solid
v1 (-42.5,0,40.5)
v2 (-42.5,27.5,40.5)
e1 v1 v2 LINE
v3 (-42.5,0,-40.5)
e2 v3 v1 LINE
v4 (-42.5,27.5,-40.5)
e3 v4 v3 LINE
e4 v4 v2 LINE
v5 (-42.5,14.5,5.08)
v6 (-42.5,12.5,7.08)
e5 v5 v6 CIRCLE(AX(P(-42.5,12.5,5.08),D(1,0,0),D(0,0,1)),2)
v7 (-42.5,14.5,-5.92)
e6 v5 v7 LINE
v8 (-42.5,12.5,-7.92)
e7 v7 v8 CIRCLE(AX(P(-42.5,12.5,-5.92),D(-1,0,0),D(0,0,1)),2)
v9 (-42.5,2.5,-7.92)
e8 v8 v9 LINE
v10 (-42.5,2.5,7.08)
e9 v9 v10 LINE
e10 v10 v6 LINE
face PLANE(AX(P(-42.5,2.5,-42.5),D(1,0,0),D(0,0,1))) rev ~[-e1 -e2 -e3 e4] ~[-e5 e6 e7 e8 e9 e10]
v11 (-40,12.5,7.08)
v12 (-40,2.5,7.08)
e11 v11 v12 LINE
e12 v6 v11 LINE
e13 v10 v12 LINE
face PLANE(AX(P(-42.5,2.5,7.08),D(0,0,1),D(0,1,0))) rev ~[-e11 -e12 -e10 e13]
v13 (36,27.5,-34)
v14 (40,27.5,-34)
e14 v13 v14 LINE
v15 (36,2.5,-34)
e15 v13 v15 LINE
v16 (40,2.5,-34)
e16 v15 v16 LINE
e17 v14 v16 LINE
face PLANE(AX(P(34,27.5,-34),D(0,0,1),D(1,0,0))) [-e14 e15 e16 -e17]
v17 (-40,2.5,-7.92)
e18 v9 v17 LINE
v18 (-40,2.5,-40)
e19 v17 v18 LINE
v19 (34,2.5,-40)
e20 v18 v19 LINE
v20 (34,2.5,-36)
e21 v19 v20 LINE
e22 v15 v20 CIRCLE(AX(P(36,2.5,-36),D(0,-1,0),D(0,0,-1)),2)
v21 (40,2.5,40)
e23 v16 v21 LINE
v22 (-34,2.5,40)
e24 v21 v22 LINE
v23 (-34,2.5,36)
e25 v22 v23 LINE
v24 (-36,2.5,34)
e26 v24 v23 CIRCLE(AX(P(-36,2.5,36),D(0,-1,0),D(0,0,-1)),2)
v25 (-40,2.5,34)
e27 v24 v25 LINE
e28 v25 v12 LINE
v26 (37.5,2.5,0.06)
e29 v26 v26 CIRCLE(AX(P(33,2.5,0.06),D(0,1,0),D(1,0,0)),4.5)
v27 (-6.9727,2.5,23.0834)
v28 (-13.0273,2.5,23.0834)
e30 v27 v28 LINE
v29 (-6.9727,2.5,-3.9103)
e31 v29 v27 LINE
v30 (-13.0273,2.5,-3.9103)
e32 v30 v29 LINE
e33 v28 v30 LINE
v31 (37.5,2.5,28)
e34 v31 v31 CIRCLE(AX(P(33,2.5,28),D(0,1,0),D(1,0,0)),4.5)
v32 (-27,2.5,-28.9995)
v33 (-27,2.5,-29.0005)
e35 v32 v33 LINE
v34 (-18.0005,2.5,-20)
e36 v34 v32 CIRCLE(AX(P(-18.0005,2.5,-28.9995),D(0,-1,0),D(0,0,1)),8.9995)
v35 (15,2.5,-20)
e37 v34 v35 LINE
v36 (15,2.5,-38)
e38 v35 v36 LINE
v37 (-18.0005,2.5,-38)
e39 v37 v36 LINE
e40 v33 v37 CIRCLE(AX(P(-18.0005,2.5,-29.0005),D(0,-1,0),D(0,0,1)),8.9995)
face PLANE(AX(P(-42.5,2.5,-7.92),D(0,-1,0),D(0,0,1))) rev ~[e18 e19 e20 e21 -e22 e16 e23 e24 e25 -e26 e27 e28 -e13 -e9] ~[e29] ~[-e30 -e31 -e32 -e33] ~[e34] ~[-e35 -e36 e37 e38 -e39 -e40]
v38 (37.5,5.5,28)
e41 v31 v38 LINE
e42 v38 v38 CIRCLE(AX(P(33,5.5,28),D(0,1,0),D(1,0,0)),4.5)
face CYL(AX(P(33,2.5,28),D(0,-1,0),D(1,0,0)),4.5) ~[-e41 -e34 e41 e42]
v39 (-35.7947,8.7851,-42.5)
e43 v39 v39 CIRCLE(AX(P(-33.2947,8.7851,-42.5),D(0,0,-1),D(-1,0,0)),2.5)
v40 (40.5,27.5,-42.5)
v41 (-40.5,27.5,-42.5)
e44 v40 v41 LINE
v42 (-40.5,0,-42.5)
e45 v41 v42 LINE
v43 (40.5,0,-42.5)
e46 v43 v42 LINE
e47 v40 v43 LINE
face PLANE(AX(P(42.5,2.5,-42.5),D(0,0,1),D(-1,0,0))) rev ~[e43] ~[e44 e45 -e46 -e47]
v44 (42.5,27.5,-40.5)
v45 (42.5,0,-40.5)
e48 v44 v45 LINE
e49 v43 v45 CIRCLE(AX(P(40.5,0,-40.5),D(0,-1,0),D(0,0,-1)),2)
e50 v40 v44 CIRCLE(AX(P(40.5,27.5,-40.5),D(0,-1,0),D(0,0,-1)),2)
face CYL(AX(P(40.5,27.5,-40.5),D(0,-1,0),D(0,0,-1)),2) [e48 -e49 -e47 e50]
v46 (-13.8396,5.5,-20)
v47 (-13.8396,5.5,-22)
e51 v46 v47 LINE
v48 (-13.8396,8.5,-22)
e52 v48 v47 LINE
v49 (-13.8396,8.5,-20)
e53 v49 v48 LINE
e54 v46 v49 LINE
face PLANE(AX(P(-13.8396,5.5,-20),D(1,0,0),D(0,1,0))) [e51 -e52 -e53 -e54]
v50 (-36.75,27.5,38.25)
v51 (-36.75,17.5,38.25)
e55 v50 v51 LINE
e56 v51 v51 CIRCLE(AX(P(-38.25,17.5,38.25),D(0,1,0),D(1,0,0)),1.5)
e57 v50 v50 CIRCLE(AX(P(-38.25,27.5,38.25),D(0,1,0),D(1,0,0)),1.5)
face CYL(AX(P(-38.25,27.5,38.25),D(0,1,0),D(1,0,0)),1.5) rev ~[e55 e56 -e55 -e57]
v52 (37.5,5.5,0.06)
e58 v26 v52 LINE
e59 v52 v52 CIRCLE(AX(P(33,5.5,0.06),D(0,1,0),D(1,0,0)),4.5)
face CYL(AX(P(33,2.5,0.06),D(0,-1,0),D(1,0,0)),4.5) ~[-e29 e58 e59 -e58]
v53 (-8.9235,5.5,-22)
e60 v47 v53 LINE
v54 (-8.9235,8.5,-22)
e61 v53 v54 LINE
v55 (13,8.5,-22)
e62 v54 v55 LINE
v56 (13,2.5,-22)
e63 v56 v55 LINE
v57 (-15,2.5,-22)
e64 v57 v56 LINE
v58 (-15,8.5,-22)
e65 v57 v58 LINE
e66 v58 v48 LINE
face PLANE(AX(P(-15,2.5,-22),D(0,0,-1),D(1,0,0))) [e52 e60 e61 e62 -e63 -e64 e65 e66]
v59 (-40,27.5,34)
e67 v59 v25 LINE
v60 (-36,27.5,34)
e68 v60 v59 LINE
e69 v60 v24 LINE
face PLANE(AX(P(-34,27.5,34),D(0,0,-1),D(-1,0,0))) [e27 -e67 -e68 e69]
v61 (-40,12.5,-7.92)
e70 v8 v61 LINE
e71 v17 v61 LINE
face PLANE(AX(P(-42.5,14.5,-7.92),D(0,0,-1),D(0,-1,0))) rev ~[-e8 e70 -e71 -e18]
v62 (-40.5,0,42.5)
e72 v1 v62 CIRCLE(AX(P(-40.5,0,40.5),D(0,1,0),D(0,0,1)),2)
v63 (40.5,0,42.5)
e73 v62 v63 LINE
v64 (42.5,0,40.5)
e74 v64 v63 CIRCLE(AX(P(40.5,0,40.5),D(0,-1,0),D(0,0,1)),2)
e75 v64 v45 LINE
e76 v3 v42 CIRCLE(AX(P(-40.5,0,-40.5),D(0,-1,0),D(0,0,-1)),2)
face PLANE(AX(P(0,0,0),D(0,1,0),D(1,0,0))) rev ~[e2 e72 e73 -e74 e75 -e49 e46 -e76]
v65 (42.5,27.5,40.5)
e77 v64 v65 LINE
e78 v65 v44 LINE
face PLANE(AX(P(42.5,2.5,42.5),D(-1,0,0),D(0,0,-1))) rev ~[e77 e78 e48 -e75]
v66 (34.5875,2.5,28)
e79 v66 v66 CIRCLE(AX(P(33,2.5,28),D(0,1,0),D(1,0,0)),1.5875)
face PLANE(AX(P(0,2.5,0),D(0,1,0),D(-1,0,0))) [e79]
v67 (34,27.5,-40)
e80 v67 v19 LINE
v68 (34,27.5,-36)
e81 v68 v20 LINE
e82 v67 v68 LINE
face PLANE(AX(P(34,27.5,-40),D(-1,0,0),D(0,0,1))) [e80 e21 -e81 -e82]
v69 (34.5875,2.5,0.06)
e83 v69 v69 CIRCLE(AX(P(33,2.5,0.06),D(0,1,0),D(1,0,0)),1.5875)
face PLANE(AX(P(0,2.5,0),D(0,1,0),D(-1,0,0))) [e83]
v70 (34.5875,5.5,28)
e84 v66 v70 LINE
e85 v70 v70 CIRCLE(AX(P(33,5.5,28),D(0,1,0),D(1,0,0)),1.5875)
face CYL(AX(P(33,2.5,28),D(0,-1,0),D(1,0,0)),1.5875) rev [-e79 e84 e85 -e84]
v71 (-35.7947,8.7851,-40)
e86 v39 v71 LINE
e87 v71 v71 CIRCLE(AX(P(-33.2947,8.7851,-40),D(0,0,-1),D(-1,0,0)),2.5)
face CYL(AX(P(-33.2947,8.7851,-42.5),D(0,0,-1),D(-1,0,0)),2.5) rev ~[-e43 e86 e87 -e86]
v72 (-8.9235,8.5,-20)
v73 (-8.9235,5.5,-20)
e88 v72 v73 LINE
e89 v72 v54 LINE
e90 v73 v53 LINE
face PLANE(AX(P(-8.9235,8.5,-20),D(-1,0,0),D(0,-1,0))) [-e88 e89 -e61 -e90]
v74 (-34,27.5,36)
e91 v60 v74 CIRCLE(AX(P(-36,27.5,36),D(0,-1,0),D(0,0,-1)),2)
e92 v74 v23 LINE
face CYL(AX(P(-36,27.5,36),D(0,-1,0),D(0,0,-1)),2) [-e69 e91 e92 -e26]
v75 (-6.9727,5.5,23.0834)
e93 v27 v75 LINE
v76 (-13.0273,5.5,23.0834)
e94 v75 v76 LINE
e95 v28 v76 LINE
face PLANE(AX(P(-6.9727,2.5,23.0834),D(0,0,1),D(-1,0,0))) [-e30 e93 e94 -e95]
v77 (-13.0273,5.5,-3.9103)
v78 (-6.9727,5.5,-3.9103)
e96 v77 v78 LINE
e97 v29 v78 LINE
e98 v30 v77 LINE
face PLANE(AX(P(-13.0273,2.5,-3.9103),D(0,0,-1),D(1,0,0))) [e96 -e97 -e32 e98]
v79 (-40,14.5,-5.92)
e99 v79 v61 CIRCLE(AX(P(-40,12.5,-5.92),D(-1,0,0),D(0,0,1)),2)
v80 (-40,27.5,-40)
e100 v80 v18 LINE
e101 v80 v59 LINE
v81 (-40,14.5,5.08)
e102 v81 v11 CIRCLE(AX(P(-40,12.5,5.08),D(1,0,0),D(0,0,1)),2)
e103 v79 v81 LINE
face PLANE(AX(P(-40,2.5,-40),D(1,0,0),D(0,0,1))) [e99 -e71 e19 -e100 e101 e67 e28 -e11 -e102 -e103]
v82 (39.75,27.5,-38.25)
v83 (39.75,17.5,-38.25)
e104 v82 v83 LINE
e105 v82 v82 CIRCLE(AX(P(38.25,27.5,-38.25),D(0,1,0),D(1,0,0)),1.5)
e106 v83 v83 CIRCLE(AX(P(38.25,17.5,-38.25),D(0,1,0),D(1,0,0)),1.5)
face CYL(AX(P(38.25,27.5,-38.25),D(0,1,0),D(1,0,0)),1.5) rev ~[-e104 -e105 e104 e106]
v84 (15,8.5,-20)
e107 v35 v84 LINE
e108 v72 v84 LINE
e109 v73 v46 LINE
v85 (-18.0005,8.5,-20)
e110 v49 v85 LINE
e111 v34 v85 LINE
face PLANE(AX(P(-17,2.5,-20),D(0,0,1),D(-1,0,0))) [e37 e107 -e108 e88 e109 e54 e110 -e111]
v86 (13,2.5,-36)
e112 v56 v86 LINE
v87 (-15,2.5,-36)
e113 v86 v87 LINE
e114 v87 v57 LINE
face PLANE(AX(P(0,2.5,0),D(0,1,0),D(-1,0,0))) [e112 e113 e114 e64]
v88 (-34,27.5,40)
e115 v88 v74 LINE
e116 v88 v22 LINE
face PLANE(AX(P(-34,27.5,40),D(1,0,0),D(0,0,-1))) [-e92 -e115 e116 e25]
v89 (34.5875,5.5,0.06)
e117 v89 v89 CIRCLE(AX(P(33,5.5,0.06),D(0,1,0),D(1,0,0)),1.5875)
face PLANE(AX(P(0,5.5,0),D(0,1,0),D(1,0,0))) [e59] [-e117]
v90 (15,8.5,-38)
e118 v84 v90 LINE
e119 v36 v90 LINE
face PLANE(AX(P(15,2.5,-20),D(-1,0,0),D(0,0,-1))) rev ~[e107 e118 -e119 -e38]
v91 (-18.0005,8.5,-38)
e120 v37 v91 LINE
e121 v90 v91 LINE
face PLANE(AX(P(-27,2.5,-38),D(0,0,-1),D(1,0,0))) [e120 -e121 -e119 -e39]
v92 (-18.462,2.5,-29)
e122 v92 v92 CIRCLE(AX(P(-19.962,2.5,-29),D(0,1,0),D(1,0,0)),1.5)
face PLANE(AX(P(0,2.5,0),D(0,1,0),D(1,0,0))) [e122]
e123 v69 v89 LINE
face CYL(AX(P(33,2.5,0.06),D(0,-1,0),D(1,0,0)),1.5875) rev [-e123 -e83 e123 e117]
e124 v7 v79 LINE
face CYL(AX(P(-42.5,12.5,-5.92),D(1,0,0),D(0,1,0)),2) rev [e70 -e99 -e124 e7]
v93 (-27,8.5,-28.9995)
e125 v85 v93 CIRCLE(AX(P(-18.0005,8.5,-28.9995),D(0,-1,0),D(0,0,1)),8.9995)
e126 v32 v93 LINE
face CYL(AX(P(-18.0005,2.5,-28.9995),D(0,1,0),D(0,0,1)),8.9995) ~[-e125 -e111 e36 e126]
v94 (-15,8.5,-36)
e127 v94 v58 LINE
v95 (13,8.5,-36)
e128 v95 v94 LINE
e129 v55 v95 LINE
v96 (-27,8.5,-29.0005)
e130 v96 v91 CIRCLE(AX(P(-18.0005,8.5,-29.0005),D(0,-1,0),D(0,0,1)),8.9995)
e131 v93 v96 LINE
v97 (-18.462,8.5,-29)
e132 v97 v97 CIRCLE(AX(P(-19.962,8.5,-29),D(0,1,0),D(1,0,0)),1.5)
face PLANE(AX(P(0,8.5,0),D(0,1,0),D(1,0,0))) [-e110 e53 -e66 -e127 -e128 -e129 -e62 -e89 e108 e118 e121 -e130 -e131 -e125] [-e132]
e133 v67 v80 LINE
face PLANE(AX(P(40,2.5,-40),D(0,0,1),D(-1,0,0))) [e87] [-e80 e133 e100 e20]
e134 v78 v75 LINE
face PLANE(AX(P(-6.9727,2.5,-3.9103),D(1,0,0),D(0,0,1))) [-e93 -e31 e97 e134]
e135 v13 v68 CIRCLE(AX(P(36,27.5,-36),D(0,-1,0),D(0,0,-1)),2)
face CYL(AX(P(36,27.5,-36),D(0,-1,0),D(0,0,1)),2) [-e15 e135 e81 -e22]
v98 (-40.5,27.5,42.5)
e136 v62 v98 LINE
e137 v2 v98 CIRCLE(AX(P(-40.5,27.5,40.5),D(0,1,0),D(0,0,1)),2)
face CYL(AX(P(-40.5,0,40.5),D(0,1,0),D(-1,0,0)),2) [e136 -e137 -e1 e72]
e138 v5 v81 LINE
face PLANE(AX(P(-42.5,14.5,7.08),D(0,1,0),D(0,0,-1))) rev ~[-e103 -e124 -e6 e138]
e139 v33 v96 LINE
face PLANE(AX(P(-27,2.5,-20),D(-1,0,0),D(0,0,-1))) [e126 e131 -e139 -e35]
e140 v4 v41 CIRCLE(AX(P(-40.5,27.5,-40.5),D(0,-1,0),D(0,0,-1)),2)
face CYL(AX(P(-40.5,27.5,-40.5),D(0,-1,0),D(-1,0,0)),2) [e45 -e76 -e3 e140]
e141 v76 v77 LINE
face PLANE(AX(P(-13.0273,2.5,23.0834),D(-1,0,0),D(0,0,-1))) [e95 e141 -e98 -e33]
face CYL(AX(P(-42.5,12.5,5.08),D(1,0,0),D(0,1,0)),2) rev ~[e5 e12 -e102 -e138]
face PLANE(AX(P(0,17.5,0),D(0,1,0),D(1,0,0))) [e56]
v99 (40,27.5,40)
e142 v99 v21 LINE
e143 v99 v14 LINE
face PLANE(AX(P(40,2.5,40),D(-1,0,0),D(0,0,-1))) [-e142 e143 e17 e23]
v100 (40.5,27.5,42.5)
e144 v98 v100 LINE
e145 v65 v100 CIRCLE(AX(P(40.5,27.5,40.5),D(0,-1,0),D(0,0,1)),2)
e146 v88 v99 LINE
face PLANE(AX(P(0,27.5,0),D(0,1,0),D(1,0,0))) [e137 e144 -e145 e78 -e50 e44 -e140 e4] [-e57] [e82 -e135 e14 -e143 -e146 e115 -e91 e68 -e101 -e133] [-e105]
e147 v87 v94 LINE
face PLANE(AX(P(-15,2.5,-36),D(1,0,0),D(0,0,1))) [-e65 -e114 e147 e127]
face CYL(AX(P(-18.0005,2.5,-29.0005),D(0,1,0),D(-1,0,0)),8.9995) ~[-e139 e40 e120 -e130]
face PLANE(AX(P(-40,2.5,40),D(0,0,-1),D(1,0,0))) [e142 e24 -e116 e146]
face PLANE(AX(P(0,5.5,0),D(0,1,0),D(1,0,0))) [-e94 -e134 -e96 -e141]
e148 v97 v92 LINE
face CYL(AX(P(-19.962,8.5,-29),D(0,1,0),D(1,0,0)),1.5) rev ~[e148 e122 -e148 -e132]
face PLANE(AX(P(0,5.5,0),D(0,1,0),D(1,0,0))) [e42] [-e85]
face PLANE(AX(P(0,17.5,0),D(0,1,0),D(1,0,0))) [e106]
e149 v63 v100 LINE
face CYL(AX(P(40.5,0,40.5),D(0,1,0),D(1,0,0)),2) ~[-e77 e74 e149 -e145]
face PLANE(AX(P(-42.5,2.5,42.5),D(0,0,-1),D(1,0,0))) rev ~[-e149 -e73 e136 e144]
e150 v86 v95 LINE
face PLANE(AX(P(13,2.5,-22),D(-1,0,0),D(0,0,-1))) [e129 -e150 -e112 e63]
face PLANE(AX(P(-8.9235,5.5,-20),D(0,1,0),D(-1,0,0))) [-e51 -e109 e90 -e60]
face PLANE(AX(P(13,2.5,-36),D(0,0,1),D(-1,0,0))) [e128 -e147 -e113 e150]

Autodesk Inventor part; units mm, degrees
ref_plane "YZ Plane" through (0, 0, 0) normal (1, 0, 0) x (0, 1, 0)
ref_plane "XZ Plane" through (0, 0, 0) normal (0, 1, 0) x (-1, 0, 0)
ref_plane "XY Plane" through (0, 0, 0) normal (0, 0, 1) x (1, 0, 0)
sketch "Esboço1" plane through (0, 0, 0) normal (0, 1, 0) x (-1, 0, 0)
  line L0 (-40, 40) -> (40, 40)
  line L1 (40, 40) -> (40, -40)
  line L2 (40, -40) -> (-40, -40)
  line L3 (-40, -40) -> (-40, 40)
  line L4 (-40, 40) -> (40, -40) construction
  line L5 (40, 40) -> (-40, -40) construction
  point P0 (0, 0)
  dimension "d0" = 80
  dimension "d1" = 80
extrude "Extrusão1" add sketch "Esboço1" along normal blind 2.5
sketch "Esboço2" plane through (0, 2.5, 0) normal (0, 1, 0) x (1, 0, 0)
  circle A0 centre (33, -28) radius 1.5875
  line L0 (-40, -40) -> (40, -40) projected
  line L1 (40, -40) -> (40, 40) projected
  circle A1 centre (33, -0.06) radius 1.5875
  circle A2 centre (33, -28) radius 4.5
  circle A3 centre (33, -0.06) radius 4.5
  dimension "d4" = 3.175
  dimension "d5" = 12
  dimension "d6" = 7
  dimension "d7" = 3.175
  dimension "d8" = 27.94
  dimension "d9" = 9
  dimension "d10" = 9
extrude "Extrusão2" add sketch "Esboço2" along normal blind 3
sketch "Esboço3" plane through (0, 2.5, 0) normal (0, 1, 0) x (1, 0, 0)
  line L0 (-6.9727, -23.0834) -> (-13.0273, -23.0834)
  line L1 (-13.0273, -23.0834) -> (-13.0273, 3.9103)
  line L2 (-13.0273, 3.9103) -> (-6.9727, 3.9103)
  line L3 (-6.9727, 3.9103) -> (-6.9727, -23.0834)
  line L4 (-6.9727, -23.0834) -> (-13.0273, 3.9103) construction
  line L5 (-13.0273, -23.0834) -> (-6.9727, 3.9103) construction
  line L6 (40, -40) -> (40, 40) projected
  point P0 (0, 0)
  point P1 (-10, -9.5866)
  dimension "d13" = 50
extrude "Extrusão3" add sketch "Esboço3" along normal blind 3
sketch "Esboço4" plane through (0, 2.5, 0) normal (0, 1, 0) x (1, 0, 0)
  line L0 (13, 36) -> (-15, 36)
  line L1 (-15, 36) -> (-15, 22)
  line L2 (-15, 22) -> (13, 22)
  line L3 (13, 22) -> (13, 36)
  line L4 (35.54, 17.72) -> (-33.04, 17.72)
  line L5 (-33.04, 17.72) -> (-33.04, -35.62)
  line L6 (-33.04, -35.62) -> (35.54, -35.62)
  line L7 (35.54, -35.62) -> (35.54, 17.72)
  circle A0 centre (33, -28) radius 1.5875 projected
  line L8 (15, 38) -> (-17, 38)
  line L9 (-17, 38) -> (-17, 20)
  line L10 (-17, 20) -> (15, 20)
  line L11 (15, 20) -> (15, 38)
  line L12 (40, 40) -> (-40, 40) projected
  line L13 (40, -40) -> (40, 40) projected
  point P0 (0, 0)
  dimension "d16" = 28
  dimension "d17" = 14
  dimension "d18" = 68.58
  dimension "d19" = 53.34
  dimension "d20" = 7.62
  dimension "d21" = 2.54
  dimension "d22" = 4
  dimension "d23" = 27
  dimension "d24" = 2
  dimension "d25" = 2
  dimension "d26" = 2
  dimension "d27" = 2
extrude "Extrusão4" add sketch "Esboço4" along normal blind 6 contours L11 L10 L9 L8
sketch "Esboço5" plane through (-17, 2.5, -20) normal (0, 0, 1) x (1, 0, 0)
  line L0 (0, 6) -> (32, 6) projected
  line L1 (3.1604, 6) -> (8.0765, 6)
  line L2 (8.0765, 6) -> (8.0765, 3)
  line L3 (8.0765, 3) -> (3.1604, 3)
  line L4 (3.1604, 3) -> (3.1604, 6)
  point P0 (17, -2.5)
  dimension "d32" = 3
extrude "Extrusão5" cut sketch "Esboço5" against normal blind 6
sketch "Esboço6" plane through (0, 2.5, 0) normal (0, 1, 0) x (1, 0, 0)
  line L0 (15, 20) -> (-17, 20) projected
  line L1 (-17, 20) -> (-27, 20)
  line L2 (-27, 20) -> (-27, 38)
  line L3 (-27, 38) -> (-17, 38)
  line L4 (-17, 38) -> (-17, 20)
  point P0 (0, 0)
  dimension "d33" = 10
extrude "Extrusão6" add sketch "Esboço6" along normal blind 6
fillet "Arredondamento1" radius 9 2 edges at (-27, 5.5, -20) (-27, 5.5, -38)
sketch "Esboço7" plane through (0, 8.5, 0) normal (0, 1, 0) x (1, 0, 0)
  circle A0 centre (-19.962, 29) radius 1.5
  point P0 (0, 0)
  dimension "d37" = 3
extrude "Extrusão7" cut sketch "Esboço7" against normal blind 6
sketch "Esboço8" plane through (0, 2.5, 0) normal (0, 1, 0) x (1, 0, 0)
  line L0 (-42.5, -42.5) -> (42.5, -42.5)
  line L1 (42.5, -42.5) -> (42.5, 42.5)
  line L2 (42.5, 42.5) -> (-42.5, 42.5)
  line L3 (-42.5, 42.5) -> (-42.5, -42.5)
  line L4 (40, 40) -> (-40, 40) projected
  line L5 (-40, 40) -> (-40, -40) projected
  line L6 (-40, -40) -> (40, -40) projected
  line L7 (40, -40) -> (40, 40) projected
  point P0 (0, 0)
  dimension "d40" = 2.5
  dimension "d41" = 2.5
  dimension "d42" = 2.5
  dimension "d43" = 2.5
extrude "Extrusão8" add sketch "Esboço8" along normal blind 25 and the other way blind 2.5
fillet "Arredondamento2" radius 2 4 edges at (-42.5, 13.75, 42.5) (-42.5, 13.75, -42.5) (42.5, 13.75, 42.5) (42.5, 13.75, -42.5)
sketch "Esboço10" plane through (-42.5, 0, -40.5) normal (-1, 0, 0) x (0, 0, 1)
  line L0 (76.52, 0) -> (23.18, 0)
  line L1 (81, 27.5) -> (81, 0) projected
  line L2 (0.5, 2.5) -> (80.5, 2.5) projected
  line L3 (32.58, 2.5) -> (47.58, 2.5)
  line L4 (47.58, 2.5) -> (47.58, 14.5)
  line L5 (47.58, 14.5) -> (32.58, 14.5)
  line L6 (32.58, 14.5) -> (32.58, 2.5)
  point P0 (40.5, 0)
  dimension "d51" = 15
  dimension "d52" = 12
extrude "Extrusão9" cut sketch "Esboço10" against normal blind 3
fillet "Arredondamento3" radius 2 2 edges at (-41.25, 14.5, 7.08) (-41.25, 14.5, -7.92)
sketch "Esboço11" plane through (0, 27.5, 0) normal (0, 1, 0) x (1, 0, 0)
  line L0 (40, -40) -> (40, 40) projected
  line L1 (40, 40) -> (34, 40)
  line L2 (34, 40) -> (34, 34)
  line L3 (34, 34) -> (40, 34)
  line L4 (40, 34) -> (40, 40)
  line L5 (-40, -7.08) -> (-40, -40) projected
  line L6 (-40, -40) -> (-34, -40)
  line L7 (-34, -40) -> (-34, -34)
  line L8 (-34, -34) -> (-40, -34)
  line L9 (-40, -34) -> (-40, -40)
  point P0 (0, 0)
  dimension "d57" = 6
  dimension "d58" = 6
  dimension "d59" = 6
  dimension "d60" = 6
extrude "Extrusão10" add sketch "Esboço11" against normal blind 25
fillet "Arredondamento4" radius 2 2 edges at (-34, 15, 34) (34, 15, -34)
sketch "Esboço12" plane through (0, 27.5, 0) normal (0, 1, 0) x (1, 0, 0)
  circle A0 centre (-38.25, -38.25) radius 1.5
  circle A1 centre (38.25, 38.25) radius 1.5
  line L0 (40.5, 42.5) -> (-40.5, 42.5) projected
  line L1 (42.5, -40.5) -> (42.5, 40.5) projected
  line L2 (-40.5, -42.5) -> (40.5, -42.5) projected
  line L3 (-42.5, 40.5) -> (-42.5, -40.5) projected
  point P0 (0, 0)
  dimension "d64" = 3
  dimension "d65" = 3
  dimension "d66" = 4.25
  dimension "d67" = 4.25
  dimension "d68" = 4.25
  dimension "d69" = 4.25
extrude "Extrusão11" cut sketch "Esboço12" against normal blind 10
sketch "Esboço13" plane through (40.5, 0, -42.5) normal (0, 0, -1) x (-1, 0, 0)
  circle A0 centre (73.7947, 8.7851) radius 2.5
  point P0 (40.5, 0)
  dimension "d72" = 5
extrude "Extrusão12" cut sketch "Esboço13" against normal blind 10
properties part number "caixa box"
